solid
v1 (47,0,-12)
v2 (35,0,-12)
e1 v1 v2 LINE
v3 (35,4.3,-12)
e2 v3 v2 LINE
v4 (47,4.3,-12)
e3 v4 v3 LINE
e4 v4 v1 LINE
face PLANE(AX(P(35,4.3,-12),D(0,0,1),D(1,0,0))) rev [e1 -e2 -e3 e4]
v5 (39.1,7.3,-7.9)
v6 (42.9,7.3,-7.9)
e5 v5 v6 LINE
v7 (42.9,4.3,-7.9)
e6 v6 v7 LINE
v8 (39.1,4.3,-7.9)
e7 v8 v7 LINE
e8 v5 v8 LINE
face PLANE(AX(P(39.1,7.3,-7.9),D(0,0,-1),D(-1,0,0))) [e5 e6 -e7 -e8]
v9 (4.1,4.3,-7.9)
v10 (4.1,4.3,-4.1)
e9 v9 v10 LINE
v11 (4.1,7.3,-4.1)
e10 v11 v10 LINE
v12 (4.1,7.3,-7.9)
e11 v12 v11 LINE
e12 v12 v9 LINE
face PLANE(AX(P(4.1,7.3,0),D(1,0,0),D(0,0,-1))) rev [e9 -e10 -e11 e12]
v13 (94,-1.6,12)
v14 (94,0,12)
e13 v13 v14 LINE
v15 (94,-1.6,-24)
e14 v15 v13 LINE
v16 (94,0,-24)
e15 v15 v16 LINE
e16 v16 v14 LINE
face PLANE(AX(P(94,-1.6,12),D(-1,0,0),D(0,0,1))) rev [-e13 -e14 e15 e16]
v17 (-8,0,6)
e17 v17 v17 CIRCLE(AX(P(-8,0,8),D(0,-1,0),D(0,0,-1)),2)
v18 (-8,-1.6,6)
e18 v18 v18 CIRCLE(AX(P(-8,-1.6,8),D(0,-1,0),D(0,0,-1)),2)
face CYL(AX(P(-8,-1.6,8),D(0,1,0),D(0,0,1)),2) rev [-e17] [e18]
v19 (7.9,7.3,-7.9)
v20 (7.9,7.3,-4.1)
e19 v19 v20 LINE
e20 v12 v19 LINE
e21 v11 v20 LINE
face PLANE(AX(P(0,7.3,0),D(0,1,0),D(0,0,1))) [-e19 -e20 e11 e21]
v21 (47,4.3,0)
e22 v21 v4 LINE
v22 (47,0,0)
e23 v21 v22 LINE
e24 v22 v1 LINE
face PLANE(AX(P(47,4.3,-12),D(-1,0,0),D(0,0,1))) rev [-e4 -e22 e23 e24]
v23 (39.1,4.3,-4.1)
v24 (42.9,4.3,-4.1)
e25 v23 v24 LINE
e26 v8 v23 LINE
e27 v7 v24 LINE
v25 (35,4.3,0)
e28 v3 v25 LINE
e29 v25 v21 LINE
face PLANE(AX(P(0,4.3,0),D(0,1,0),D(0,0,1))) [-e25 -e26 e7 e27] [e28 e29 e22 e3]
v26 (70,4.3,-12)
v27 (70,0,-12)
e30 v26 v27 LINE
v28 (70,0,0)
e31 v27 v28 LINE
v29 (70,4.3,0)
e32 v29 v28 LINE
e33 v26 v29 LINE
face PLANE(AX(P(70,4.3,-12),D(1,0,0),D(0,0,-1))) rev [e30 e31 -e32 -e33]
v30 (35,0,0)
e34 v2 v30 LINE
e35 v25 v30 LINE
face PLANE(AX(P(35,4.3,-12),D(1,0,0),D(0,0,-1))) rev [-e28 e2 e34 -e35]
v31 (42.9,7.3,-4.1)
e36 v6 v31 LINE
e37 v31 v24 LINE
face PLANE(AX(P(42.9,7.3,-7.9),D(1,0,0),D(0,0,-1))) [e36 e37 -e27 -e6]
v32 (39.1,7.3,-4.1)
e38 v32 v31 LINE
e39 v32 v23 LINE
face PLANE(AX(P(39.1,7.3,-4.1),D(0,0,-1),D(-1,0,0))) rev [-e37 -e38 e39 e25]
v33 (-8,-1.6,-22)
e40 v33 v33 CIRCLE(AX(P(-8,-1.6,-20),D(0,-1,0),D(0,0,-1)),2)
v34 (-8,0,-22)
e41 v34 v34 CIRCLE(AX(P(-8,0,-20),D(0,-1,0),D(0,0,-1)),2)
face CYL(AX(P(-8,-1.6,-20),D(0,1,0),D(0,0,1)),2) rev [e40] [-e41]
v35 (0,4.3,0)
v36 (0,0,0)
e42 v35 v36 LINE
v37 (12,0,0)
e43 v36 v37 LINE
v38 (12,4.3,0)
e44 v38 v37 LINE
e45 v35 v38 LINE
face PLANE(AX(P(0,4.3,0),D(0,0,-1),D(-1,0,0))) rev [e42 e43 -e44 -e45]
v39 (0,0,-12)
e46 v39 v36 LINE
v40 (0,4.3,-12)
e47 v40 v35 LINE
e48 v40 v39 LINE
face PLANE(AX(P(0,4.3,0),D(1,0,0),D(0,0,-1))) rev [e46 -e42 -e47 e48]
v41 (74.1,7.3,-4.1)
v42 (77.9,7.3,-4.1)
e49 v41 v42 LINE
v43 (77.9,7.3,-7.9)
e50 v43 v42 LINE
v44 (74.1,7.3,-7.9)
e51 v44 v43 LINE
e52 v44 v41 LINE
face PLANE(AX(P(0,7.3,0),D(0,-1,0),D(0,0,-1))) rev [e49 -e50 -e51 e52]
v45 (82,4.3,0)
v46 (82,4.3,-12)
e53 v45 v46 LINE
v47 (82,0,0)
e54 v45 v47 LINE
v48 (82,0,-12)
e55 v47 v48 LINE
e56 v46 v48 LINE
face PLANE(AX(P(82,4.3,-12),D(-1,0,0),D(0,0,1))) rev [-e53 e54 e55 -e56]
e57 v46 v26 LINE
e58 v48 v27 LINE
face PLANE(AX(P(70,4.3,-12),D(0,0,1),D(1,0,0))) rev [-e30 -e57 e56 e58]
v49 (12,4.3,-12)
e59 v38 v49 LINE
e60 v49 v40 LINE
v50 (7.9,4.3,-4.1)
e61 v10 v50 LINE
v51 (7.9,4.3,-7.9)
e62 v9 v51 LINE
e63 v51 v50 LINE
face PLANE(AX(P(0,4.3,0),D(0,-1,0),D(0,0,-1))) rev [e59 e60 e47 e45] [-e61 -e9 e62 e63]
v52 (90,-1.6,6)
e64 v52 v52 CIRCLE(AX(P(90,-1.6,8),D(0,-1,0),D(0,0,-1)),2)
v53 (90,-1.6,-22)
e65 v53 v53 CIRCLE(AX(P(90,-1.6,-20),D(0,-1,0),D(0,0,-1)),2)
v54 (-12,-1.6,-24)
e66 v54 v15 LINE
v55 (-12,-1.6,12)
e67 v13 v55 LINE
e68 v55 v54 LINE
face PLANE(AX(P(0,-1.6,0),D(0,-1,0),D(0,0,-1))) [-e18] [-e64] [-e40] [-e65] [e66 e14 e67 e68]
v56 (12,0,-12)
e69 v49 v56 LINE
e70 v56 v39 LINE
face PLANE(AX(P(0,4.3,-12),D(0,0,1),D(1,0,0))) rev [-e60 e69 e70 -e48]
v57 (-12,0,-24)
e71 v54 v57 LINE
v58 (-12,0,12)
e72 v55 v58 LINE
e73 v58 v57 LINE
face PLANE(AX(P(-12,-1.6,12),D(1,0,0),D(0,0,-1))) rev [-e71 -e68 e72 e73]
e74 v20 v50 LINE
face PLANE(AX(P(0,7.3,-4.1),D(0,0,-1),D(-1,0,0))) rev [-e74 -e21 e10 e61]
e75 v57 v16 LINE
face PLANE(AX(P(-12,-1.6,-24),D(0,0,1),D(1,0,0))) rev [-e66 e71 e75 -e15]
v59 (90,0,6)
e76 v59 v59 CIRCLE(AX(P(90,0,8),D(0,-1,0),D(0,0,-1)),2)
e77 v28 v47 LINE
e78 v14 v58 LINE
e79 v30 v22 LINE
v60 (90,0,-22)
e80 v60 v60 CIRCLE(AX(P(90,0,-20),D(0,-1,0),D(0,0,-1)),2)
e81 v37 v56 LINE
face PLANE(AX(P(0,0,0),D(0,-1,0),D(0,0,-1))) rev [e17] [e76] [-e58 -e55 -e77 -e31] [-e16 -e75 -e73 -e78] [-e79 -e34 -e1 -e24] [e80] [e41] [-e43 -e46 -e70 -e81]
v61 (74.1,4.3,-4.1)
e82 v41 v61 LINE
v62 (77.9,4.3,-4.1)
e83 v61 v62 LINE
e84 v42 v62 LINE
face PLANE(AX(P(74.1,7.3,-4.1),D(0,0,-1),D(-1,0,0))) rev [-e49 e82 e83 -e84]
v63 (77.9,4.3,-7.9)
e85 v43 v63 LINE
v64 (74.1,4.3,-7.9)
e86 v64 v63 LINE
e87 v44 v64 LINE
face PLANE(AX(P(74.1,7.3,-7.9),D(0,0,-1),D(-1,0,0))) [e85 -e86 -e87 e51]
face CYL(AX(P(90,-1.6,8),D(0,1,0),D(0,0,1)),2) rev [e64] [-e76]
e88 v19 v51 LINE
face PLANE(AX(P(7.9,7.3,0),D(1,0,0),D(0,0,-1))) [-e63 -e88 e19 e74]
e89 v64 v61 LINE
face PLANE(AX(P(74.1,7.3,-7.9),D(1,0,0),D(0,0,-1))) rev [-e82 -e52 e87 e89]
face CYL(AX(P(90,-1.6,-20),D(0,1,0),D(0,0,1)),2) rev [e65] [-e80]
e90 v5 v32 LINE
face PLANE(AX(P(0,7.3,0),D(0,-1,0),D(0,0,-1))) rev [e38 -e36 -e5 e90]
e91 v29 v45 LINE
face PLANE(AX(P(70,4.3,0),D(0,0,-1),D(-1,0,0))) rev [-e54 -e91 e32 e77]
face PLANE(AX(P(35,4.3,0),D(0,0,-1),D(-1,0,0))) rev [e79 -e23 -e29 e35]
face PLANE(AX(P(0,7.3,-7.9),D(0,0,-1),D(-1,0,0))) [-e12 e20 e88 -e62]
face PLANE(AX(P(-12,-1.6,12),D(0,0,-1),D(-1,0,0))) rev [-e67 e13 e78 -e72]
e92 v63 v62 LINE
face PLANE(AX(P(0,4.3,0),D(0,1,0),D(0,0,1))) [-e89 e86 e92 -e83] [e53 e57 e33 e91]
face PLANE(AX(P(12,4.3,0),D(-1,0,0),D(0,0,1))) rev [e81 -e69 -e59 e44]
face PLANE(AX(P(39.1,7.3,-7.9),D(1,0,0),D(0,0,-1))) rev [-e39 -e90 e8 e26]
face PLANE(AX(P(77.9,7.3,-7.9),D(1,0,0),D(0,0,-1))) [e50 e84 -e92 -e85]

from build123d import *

# Parameters (mm, degrees)
SKETCH1_W           = 12
SKETCH1_H           = 12
BOSS_EXTRUDE1_DEPTH = 4.3
SKETCH2_W           = 3.8
SKETCH2_H           = 3.8
BOSS_EXTRUDE2_DEPTH = 3
SKETCH3_W           = 106
SKETCH3_H           = 36
SKETCH3_R           = 2
BOSS_EXTRUDE3_DEPTH = 1.6
SKETCH4_W           = 12
SKETCH4_H           = 12
BOSS_EXTRUDE4_DEPTH = 4.3
SKETCH5_W           = 3.8
SKETCH5_H           = 3.8
BOSS_EXTRUDE5_DEPTH = 3


with BuildPart() as part:
    # Sketch1 → Boss-Extrude1 (new body)
    with BuildSketch(Plane(origin=(0, 0, 0), x_dir=(1, 0, 0), z_dir=(0, 1, 0))):
        with Locations((6, 6)):
            Rectangle(SKETCH1_W, SKETCH1_H)
    extrude(amount=BOSS_EXTRUDE1_DEPTH)

    # Sketch2 → Boss-Extrude2 (add)
    with BuildSketch(Plane(origin=(0, 4.3, 0), x_dir=(1, 0, 0), z_dir=(0, 1, 0))):
        with Locations((6, 6)):
            Rectangle(SKETCH2_W, SKETCH2_H)
    extrude(amount=BOSS_EXTRUDE2_DEPTH)

    # Sketch3 → Boss-Extrude3 (add)
    with BuildSketch(Plane.XZ):
        with Locations((41, -6)):
            Rectangle(SKETCH3_W, SKETCH3_H)
        with Locations(Location((-8, -20, 0), (0, 0, 270))):
            Circle(SKETCH3_R, mode=Mode.SUBTRACT)
        with Locations(Location((-8, 8, 0), (0, 0, 270))):
            Circle(SKETCH3_R, mode=Mode.SUBTRACT)
        with Locations(Location((90, 8, 0), (0, 0, 270))):
            Circle(SKETCH3_R, mode=Mode.SUBTRACT)
        with Locations(Location((90, -20, 0), (0, 0, 270))):
            Circle(SKETCH3_R, mode=Mode.SUBTRACT)
    extrude(amount=BOSS_EXTRUDE3_DEPTH)

    # Sketch4 → Boss-Extrude4 (add)
    with BuildSketch(Plane(origin=(0, 0, 0), x_dir=(1, 0, 0), z_dir=(0, 1, 0))):
        with Locations((41, 6)):
            Rectangle(SKETCH4_W, SKETCH4_H)
        with Locations((76, 6)):
            Rectangle(SKETCH4_W, SKETCH4_H)
    extrude(amount=BOSS_EXTRUDE4_DEPTH)

    # Sketch5 → Boss-Extrude5 (add)
    with BuildSketch(Plane(origin=(0, 4.3, 0), x_dir=(1, 0, 0), z_dir=(0, 1, 0))):
        with Locations((41, 6)):
            Rectangle(SKETCH5_W, SKETCH5_H)
        with Locations((76, 6)):
            Rectangle(SKETCH5_W, SKETCH5_H)
    extrude(amount=BOSS_EXTRUDE5_DEPTH)


solid = part.part
